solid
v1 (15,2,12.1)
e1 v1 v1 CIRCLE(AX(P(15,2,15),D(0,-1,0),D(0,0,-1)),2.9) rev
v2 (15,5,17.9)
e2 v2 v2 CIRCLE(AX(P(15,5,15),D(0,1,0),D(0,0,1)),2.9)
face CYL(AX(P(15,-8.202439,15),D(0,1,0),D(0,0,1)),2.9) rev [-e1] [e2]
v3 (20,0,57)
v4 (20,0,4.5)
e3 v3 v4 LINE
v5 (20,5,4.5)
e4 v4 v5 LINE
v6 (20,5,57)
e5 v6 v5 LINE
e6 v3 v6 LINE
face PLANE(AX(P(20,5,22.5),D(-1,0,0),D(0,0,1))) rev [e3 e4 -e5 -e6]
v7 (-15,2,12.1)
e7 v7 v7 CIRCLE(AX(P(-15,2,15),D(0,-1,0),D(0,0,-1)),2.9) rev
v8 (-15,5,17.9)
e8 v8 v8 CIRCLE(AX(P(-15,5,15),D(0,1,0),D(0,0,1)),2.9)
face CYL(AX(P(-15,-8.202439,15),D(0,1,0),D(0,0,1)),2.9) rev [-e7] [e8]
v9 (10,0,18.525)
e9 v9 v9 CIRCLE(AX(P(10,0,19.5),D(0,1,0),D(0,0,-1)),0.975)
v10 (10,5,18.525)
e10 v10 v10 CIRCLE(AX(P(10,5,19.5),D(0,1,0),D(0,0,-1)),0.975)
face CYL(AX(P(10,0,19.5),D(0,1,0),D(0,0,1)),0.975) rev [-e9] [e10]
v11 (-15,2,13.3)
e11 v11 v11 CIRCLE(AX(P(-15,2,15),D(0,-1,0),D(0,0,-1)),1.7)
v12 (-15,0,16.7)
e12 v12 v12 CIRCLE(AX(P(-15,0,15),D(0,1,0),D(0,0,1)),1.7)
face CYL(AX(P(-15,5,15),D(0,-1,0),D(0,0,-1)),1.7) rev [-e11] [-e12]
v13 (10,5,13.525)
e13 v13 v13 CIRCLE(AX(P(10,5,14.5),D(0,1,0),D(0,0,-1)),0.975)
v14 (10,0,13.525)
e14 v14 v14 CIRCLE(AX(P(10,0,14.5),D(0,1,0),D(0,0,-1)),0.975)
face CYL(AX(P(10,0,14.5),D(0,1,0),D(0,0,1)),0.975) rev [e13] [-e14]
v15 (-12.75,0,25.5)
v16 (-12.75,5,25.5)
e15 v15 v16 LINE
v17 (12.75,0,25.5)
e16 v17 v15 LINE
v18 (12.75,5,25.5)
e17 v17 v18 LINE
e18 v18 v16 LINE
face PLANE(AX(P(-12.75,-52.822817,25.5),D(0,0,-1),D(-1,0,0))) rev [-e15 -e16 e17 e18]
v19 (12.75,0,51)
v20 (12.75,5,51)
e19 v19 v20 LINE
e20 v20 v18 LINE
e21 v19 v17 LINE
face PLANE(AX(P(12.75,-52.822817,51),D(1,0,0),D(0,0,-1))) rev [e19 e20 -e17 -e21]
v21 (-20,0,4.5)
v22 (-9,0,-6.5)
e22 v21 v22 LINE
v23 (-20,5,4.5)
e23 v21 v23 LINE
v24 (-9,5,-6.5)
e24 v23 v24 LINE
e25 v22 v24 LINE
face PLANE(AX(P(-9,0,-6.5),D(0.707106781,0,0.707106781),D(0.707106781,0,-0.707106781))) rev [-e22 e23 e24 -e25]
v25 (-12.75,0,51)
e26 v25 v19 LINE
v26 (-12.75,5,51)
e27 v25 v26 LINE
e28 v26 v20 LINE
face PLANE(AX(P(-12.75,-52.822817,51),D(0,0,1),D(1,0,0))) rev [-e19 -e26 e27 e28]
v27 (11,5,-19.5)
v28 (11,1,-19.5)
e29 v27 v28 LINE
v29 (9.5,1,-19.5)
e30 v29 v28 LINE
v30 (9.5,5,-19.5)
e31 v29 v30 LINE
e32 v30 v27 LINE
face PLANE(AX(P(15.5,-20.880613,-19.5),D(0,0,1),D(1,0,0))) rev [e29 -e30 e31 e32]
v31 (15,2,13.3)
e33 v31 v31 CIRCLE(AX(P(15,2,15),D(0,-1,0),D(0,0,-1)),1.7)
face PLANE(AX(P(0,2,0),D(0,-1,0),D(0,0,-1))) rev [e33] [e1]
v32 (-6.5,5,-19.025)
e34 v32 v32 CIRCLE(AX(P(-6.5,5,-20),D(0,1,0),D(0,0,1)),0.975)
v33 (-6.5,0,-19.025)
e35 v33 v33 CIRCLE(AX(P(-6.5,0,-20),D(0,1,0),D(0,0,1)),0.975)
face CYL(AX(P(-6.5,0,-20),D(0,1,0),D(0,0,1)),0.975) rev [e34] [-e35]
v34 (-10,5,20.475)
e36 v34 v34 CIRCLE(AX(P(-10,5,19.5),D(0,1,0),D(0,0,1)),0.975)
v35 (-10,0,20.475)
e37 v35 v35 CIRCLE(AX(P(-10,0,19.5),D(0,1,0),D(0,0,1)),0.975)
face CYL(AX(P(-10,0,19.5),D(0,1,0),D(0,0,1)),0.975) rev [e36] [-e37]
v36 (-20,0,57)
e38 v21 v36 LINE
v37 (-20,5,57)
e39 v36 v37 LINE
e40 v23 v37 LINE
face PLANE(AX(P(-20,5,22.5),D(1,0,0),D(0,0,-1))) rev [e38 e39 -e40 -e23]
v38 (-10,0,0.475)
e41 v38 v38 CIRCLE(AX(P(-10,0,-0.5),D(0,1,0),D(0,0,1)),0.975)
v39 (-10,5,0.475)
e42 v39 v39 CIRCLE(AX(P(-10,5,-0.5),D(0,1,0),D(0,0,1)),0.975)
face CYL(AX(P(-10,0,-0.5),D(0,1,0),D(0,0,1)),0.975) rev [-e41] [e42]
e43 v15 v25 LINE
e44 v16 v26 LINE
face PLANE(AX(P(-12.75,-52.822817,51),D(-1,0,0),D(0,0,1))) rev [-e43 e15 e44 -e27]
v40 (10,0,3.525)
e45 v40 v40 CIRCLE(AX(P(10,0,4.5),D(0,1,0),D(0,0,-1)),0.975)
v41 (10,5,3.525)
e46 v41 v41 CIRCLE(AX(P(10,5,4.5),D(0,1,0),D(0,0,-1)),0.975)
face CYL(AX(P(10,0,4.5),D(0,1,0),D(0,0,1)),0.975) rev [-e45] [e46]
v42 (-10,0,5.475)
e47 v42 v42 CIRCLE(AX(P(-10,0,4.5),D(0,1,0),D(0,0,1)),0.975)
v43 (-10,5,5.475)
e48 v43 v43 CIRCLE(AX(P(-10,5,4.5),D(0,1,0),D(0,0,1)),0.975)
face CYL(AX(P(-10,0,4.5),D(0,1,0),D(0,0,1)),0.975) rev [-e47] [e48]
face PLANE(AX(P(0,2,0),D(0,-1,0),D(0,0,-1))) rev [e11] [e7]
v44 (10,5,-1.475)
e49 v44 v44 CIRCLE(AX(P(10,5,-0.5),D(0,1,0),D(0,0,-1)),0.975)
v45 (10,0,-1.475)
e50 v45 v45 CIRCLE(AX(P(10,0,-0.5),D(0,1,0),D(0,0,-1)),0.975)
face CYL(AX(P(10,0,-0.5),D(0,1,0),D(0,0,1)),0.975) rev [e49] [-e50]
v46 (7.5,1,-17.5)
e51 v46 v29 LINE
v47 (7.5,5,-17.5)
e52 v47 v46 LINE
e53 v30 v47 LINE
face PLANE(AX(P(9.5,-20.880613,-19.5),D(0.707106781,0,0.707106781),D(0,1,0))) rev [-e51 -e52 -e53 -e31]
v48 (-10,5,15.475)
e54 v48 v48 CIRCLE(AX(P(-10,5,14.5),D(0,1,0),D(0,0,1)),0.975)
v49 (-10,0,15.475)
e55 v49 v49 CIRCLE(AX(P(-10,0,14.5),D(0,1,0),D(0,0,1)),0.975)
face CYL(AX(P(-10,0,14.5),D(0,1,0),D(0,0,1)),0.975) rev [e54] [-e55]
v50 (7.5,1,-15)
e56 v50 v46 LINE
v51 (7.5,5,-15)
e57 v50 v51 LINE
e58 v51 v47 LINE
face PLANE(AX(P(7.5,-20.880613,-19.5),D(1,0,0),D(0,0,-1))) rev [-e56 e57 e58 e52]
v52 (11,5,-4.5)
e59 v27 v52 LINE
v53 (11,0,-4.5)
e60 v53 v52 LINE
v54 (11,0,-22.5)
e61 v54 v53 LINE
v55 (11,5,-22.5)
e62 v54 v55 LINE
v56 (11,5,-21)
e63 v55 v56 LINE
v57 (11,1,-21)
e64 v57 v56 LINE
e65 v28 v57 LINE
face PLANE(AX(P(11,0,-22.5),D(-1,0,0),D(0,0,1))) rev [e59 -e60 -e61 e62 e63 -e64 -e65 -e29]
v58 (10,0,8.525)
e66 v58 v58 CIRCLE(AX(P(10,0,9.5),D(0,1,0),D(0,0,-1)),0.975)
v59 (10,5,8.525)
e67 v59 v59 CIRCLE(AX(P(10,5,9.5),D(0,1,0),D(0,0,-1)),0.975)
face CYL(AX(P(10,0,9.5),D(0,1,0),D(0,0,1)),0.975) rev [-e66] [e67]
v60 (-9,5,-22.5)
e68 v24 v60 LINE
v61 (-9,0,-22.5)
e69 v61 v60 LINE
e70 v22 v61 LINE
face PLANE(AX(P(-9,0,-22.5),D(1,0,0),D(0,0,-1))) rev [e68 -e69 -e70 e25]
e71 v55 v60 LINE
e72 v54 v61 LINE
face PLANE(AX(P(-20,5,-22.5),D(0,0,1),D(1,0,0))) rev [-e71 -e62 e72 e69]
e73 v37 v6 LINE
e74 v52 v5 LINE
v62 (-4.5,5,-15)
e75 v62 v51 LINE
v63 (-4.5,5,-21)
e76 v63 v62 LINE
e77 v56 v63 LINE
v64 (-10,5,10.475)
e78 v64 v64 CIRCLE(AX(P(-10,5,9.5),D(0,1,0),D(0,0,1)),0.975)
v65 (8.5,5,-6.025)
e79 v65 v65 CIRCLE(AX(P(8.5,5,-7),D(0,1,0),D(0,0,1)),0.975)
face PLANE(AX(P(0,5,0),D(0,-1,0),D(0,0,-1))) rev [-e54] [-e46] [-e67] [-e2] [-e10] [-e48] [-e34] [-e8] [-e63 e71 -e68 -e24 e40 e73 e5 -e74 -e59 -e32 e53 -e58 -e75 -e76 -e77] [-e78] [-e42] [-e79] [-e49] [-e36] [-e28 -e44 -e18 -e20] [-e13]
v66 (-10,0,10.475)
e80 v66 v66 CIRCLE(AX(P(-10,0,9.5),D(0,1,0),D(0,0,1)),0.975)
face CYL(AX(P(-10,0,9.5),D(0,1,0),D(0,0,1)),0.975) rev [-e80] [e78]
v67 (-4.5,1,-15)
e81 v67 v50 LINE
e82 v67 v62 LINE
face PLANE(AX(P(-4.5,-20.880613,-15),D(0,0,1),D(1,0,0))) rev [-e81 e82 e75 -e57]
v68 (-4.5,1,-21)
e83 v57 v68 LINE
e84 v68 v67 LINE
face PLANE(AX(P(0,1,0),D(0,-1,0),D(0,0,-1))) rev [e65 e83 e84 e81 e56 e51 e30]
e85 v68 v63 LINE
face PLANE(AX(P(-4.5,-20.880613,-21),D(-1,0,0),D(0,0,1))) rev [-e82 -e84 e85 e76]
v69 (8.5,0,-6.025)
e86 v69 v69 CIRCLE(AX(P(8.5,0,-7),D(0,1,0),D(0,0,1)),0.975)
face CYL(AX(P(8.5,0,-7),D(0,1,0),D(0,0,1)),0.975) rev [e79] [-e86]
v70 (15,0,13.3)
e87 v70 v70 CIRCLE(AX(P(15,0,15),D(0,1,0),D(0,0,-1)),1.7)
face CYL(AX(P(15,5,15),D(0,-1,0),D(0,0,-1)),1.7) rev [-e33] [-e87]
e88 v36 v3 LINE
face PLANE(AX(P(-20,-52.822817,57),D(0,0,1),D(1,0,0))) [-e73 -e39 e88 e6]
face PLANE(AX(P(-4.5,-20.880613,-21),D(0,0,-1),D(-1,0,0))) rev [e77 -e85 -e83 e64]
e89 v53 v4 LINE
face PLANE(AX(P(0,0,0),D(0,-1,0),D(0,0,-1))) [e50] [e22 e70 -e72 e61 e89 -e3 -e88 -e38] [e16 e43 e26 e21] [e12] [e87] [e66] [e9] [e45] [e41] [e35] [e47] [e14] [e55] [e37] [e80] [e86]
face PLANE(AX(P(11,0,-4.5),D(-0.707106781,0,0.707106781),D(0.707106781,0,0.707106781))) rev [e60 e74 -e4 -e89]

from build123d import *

# Parameters (mm, degrees)
SKETCH1_W           = 40
SKETCH1_H           = 45
SKETCH1_R           = 1.7
BOSS_EXTRUDE1_DEPTH = 5
SKETCH7_R           = 2.9
CUT_EXTRUDE6_DEPTH  = 3
SKETCH4_R           = 0.975
CUT_EXTRUDE3_DEPTH  = 31.516389039
SKETCH5_R           = 0.975
CUT_EXTRUDE4_DEPTH  = 31.516389039
LPATTERN1_COUNT     = 5
LPATTERN1_PITCH     = 5
CUT_EXTRUDE7_DEPTH  = 4
FILLET2_R           = 3
CHAMFER2_SIZE       = 2
CUT_EXTRUDE8_DEPTH  = 31.516389039
SKETCH10_W          = 40
SKETCH10_H          = 34.5
SKETCH10_W_2        = 25.5
SKETCH10_H_2        = 25.5
BOSS_EXTRUDE2_DEPTH = 5


with BuildPart() as part:
    # Sketch1 → Boss-Extrude1 (new body)
    with BuildSketch(Plane(origin=(0, 0, 0), x_dir=(1, 0, 0), z_dir=(0, 1, 0))):
        Rectangle(SKETCH1_W, SKETCH1_H)
        with Locations(Location((-15, 15, 0), (0, 0, 270))):
            Circle(SKETCH1_R, mode=Mode.SUBTRACT)
        with Locations(Location((-15, -15, 0), (0, 0, 270))):
            Circle(SKETCH1_R, mode=Mode.SUBTRACT)
        with Locations(Location((15, -15, 0), (0, 0, 90))):
            Circle(SKETCH1_R, mode=Mode.SUBTRACT)
        with Locations(Location((15, 15, 0), (0, 0, 90))):
            Circle(SKETCH1_R, mode=Mode.SUBTRACT)
    extrude(amount=BOSS_EXTRUDE1_DEPTH)

    # Sketch7 → Cut-Extrude6 (cut)
    with BuildSketch(Plane(origin=(0, 5, 0), x_dir=(1, 0, 0), z_dir=(0, 1, 0))):
        with Locations(Location((-15, 15, 0), (0, 0, 270))):
            Circle(SKETCH7_R)
        with Locations(Location((15, 15, 0), (0, 0, 270))):
            Circle(SKETCH7_R)
        with Locations(Location((-15, -15, 0), (0, 0, 270))):
            Circle(SKETCH7_R)
        with Locations(Location((15, -15, 0), (0, 0, 270))):
            Circle(SKETCH7_R)
    extrude(amount=-CUT_EXTRUDE6_DEPTH, mode=Mode.SUBTRACT)

    # Sketch4 → Cut-Extrude3 (cut, through all)
    with BuildSketch(Plane(origin=(0, 5, 0), x_dir=(1, 0, 0), z_dir=(0, 1, 0))):
        with Locations(Location((-6.5, 20, 0), (0, 0, 270))):
            Circle(SKETCH4_R)
        with Locations(Location((8.5, 7, 0), (0, 0, 270))):
            Circle(SKETCH4_R)
    extrude(amount=-CUT_EXTRUDE3_DEPTH, mode=Mode.SUBTRACT)

    # Sketch5 → Cut-Extrude4 (cut, through all)
    with BuildSketch(Plane(origin=(0, 5, 0), x_dir=(1, 0, 0), z_dir=(0, 1, 0))):
        with Locations(Location((-10, -19.5, 0), (0, 0, 270))):
            Circle(SKETCH5_R)
        with Locations(Location((10, -19.5, 0), (0, 0, 90))):
            Circle(SKETCH5_R)
    cut_extrude4 = extrude(amount=-CUT_EXTRUDE4_DEPTH, mode=Mode.SUBTRACT)

    # LPattern1: Cut-Extrude4 ×5
    with Locations(*[(0, 0, -i * LPATTERN1_PITCH) for i in range(1, LPATTERN1_COUNT)]):
        add(cut_extrude4, mode=Mode.SUBTRACT)

    # Sketch8 → Cut-Extrude7 (cut)
    with BuildSketch(Plane(origin=(0, 5, 0), x_dir=(1, 0, 0), z_dir=(0, 1, 0))):
        Polygon((-4.5, 21), (7.5, 21), (15.5, 21), (15.5, 19.5), (7.5, 19.5), (7.5, 15), (-4.5, 15), align=None)
    extrude(amount=-CUT_EXTRUDE7_DEPTH, mode=Mode.SUBTRACT)

    # Fillet2
    fillet2_edges = [part.edges().sort_by_distance(p)[0] for p in [
        (15.5, 1, -20.25),
    ]]
    fillet(fillet2_edges, radius=FILLET2_R)

    # Chamfer2
    chamfer2_edges = [part.edges().sort_by_distance(p)[0] for p in [
        (7.5, 3, -19.5),
    ]]
    chamfer(chamfer2_edges, length=CHAMFER2_SIZE)

    # Sketch9 → Cut-Extrude8 (cut, through all)
    with BuildSketch(Plane(origin=(0, 5, 0), x_dir=(1, 0, 0), z_dir=(0, 1, 0))):
        Polygon((-9, 22.5), (-9, 6.5), (-20, -4.5), (-20, 22.5), align=None)
        Polygon((20, 22.5), (11, 22.5), (11, 4.5), (20, -4.5), align=None)
    extrude(amount=-CUT_EXTRUDE8_DEPTH, mode=Mode.SUBTRACT)

    # Sketch10 → Boss-Extrude2 (add)
    with BuildSketch(Plane(origin=(0, 5, 0), x_dir=(1, 0, 0), z_dir=(0, 1, 0))):
        with Locations((0, -39.75)):
            Rectangle(SKETCH10_W, SKETCH10_H)
        with Locations((0, -38.25)):
            Rectangle(SKETCH10_W_2, SKETCH10_H_2, mode=Mode.SUBTRACT)
    extrude(amount=-BOSS_EXTRUDE2_DEPTH)


solid = part.part
